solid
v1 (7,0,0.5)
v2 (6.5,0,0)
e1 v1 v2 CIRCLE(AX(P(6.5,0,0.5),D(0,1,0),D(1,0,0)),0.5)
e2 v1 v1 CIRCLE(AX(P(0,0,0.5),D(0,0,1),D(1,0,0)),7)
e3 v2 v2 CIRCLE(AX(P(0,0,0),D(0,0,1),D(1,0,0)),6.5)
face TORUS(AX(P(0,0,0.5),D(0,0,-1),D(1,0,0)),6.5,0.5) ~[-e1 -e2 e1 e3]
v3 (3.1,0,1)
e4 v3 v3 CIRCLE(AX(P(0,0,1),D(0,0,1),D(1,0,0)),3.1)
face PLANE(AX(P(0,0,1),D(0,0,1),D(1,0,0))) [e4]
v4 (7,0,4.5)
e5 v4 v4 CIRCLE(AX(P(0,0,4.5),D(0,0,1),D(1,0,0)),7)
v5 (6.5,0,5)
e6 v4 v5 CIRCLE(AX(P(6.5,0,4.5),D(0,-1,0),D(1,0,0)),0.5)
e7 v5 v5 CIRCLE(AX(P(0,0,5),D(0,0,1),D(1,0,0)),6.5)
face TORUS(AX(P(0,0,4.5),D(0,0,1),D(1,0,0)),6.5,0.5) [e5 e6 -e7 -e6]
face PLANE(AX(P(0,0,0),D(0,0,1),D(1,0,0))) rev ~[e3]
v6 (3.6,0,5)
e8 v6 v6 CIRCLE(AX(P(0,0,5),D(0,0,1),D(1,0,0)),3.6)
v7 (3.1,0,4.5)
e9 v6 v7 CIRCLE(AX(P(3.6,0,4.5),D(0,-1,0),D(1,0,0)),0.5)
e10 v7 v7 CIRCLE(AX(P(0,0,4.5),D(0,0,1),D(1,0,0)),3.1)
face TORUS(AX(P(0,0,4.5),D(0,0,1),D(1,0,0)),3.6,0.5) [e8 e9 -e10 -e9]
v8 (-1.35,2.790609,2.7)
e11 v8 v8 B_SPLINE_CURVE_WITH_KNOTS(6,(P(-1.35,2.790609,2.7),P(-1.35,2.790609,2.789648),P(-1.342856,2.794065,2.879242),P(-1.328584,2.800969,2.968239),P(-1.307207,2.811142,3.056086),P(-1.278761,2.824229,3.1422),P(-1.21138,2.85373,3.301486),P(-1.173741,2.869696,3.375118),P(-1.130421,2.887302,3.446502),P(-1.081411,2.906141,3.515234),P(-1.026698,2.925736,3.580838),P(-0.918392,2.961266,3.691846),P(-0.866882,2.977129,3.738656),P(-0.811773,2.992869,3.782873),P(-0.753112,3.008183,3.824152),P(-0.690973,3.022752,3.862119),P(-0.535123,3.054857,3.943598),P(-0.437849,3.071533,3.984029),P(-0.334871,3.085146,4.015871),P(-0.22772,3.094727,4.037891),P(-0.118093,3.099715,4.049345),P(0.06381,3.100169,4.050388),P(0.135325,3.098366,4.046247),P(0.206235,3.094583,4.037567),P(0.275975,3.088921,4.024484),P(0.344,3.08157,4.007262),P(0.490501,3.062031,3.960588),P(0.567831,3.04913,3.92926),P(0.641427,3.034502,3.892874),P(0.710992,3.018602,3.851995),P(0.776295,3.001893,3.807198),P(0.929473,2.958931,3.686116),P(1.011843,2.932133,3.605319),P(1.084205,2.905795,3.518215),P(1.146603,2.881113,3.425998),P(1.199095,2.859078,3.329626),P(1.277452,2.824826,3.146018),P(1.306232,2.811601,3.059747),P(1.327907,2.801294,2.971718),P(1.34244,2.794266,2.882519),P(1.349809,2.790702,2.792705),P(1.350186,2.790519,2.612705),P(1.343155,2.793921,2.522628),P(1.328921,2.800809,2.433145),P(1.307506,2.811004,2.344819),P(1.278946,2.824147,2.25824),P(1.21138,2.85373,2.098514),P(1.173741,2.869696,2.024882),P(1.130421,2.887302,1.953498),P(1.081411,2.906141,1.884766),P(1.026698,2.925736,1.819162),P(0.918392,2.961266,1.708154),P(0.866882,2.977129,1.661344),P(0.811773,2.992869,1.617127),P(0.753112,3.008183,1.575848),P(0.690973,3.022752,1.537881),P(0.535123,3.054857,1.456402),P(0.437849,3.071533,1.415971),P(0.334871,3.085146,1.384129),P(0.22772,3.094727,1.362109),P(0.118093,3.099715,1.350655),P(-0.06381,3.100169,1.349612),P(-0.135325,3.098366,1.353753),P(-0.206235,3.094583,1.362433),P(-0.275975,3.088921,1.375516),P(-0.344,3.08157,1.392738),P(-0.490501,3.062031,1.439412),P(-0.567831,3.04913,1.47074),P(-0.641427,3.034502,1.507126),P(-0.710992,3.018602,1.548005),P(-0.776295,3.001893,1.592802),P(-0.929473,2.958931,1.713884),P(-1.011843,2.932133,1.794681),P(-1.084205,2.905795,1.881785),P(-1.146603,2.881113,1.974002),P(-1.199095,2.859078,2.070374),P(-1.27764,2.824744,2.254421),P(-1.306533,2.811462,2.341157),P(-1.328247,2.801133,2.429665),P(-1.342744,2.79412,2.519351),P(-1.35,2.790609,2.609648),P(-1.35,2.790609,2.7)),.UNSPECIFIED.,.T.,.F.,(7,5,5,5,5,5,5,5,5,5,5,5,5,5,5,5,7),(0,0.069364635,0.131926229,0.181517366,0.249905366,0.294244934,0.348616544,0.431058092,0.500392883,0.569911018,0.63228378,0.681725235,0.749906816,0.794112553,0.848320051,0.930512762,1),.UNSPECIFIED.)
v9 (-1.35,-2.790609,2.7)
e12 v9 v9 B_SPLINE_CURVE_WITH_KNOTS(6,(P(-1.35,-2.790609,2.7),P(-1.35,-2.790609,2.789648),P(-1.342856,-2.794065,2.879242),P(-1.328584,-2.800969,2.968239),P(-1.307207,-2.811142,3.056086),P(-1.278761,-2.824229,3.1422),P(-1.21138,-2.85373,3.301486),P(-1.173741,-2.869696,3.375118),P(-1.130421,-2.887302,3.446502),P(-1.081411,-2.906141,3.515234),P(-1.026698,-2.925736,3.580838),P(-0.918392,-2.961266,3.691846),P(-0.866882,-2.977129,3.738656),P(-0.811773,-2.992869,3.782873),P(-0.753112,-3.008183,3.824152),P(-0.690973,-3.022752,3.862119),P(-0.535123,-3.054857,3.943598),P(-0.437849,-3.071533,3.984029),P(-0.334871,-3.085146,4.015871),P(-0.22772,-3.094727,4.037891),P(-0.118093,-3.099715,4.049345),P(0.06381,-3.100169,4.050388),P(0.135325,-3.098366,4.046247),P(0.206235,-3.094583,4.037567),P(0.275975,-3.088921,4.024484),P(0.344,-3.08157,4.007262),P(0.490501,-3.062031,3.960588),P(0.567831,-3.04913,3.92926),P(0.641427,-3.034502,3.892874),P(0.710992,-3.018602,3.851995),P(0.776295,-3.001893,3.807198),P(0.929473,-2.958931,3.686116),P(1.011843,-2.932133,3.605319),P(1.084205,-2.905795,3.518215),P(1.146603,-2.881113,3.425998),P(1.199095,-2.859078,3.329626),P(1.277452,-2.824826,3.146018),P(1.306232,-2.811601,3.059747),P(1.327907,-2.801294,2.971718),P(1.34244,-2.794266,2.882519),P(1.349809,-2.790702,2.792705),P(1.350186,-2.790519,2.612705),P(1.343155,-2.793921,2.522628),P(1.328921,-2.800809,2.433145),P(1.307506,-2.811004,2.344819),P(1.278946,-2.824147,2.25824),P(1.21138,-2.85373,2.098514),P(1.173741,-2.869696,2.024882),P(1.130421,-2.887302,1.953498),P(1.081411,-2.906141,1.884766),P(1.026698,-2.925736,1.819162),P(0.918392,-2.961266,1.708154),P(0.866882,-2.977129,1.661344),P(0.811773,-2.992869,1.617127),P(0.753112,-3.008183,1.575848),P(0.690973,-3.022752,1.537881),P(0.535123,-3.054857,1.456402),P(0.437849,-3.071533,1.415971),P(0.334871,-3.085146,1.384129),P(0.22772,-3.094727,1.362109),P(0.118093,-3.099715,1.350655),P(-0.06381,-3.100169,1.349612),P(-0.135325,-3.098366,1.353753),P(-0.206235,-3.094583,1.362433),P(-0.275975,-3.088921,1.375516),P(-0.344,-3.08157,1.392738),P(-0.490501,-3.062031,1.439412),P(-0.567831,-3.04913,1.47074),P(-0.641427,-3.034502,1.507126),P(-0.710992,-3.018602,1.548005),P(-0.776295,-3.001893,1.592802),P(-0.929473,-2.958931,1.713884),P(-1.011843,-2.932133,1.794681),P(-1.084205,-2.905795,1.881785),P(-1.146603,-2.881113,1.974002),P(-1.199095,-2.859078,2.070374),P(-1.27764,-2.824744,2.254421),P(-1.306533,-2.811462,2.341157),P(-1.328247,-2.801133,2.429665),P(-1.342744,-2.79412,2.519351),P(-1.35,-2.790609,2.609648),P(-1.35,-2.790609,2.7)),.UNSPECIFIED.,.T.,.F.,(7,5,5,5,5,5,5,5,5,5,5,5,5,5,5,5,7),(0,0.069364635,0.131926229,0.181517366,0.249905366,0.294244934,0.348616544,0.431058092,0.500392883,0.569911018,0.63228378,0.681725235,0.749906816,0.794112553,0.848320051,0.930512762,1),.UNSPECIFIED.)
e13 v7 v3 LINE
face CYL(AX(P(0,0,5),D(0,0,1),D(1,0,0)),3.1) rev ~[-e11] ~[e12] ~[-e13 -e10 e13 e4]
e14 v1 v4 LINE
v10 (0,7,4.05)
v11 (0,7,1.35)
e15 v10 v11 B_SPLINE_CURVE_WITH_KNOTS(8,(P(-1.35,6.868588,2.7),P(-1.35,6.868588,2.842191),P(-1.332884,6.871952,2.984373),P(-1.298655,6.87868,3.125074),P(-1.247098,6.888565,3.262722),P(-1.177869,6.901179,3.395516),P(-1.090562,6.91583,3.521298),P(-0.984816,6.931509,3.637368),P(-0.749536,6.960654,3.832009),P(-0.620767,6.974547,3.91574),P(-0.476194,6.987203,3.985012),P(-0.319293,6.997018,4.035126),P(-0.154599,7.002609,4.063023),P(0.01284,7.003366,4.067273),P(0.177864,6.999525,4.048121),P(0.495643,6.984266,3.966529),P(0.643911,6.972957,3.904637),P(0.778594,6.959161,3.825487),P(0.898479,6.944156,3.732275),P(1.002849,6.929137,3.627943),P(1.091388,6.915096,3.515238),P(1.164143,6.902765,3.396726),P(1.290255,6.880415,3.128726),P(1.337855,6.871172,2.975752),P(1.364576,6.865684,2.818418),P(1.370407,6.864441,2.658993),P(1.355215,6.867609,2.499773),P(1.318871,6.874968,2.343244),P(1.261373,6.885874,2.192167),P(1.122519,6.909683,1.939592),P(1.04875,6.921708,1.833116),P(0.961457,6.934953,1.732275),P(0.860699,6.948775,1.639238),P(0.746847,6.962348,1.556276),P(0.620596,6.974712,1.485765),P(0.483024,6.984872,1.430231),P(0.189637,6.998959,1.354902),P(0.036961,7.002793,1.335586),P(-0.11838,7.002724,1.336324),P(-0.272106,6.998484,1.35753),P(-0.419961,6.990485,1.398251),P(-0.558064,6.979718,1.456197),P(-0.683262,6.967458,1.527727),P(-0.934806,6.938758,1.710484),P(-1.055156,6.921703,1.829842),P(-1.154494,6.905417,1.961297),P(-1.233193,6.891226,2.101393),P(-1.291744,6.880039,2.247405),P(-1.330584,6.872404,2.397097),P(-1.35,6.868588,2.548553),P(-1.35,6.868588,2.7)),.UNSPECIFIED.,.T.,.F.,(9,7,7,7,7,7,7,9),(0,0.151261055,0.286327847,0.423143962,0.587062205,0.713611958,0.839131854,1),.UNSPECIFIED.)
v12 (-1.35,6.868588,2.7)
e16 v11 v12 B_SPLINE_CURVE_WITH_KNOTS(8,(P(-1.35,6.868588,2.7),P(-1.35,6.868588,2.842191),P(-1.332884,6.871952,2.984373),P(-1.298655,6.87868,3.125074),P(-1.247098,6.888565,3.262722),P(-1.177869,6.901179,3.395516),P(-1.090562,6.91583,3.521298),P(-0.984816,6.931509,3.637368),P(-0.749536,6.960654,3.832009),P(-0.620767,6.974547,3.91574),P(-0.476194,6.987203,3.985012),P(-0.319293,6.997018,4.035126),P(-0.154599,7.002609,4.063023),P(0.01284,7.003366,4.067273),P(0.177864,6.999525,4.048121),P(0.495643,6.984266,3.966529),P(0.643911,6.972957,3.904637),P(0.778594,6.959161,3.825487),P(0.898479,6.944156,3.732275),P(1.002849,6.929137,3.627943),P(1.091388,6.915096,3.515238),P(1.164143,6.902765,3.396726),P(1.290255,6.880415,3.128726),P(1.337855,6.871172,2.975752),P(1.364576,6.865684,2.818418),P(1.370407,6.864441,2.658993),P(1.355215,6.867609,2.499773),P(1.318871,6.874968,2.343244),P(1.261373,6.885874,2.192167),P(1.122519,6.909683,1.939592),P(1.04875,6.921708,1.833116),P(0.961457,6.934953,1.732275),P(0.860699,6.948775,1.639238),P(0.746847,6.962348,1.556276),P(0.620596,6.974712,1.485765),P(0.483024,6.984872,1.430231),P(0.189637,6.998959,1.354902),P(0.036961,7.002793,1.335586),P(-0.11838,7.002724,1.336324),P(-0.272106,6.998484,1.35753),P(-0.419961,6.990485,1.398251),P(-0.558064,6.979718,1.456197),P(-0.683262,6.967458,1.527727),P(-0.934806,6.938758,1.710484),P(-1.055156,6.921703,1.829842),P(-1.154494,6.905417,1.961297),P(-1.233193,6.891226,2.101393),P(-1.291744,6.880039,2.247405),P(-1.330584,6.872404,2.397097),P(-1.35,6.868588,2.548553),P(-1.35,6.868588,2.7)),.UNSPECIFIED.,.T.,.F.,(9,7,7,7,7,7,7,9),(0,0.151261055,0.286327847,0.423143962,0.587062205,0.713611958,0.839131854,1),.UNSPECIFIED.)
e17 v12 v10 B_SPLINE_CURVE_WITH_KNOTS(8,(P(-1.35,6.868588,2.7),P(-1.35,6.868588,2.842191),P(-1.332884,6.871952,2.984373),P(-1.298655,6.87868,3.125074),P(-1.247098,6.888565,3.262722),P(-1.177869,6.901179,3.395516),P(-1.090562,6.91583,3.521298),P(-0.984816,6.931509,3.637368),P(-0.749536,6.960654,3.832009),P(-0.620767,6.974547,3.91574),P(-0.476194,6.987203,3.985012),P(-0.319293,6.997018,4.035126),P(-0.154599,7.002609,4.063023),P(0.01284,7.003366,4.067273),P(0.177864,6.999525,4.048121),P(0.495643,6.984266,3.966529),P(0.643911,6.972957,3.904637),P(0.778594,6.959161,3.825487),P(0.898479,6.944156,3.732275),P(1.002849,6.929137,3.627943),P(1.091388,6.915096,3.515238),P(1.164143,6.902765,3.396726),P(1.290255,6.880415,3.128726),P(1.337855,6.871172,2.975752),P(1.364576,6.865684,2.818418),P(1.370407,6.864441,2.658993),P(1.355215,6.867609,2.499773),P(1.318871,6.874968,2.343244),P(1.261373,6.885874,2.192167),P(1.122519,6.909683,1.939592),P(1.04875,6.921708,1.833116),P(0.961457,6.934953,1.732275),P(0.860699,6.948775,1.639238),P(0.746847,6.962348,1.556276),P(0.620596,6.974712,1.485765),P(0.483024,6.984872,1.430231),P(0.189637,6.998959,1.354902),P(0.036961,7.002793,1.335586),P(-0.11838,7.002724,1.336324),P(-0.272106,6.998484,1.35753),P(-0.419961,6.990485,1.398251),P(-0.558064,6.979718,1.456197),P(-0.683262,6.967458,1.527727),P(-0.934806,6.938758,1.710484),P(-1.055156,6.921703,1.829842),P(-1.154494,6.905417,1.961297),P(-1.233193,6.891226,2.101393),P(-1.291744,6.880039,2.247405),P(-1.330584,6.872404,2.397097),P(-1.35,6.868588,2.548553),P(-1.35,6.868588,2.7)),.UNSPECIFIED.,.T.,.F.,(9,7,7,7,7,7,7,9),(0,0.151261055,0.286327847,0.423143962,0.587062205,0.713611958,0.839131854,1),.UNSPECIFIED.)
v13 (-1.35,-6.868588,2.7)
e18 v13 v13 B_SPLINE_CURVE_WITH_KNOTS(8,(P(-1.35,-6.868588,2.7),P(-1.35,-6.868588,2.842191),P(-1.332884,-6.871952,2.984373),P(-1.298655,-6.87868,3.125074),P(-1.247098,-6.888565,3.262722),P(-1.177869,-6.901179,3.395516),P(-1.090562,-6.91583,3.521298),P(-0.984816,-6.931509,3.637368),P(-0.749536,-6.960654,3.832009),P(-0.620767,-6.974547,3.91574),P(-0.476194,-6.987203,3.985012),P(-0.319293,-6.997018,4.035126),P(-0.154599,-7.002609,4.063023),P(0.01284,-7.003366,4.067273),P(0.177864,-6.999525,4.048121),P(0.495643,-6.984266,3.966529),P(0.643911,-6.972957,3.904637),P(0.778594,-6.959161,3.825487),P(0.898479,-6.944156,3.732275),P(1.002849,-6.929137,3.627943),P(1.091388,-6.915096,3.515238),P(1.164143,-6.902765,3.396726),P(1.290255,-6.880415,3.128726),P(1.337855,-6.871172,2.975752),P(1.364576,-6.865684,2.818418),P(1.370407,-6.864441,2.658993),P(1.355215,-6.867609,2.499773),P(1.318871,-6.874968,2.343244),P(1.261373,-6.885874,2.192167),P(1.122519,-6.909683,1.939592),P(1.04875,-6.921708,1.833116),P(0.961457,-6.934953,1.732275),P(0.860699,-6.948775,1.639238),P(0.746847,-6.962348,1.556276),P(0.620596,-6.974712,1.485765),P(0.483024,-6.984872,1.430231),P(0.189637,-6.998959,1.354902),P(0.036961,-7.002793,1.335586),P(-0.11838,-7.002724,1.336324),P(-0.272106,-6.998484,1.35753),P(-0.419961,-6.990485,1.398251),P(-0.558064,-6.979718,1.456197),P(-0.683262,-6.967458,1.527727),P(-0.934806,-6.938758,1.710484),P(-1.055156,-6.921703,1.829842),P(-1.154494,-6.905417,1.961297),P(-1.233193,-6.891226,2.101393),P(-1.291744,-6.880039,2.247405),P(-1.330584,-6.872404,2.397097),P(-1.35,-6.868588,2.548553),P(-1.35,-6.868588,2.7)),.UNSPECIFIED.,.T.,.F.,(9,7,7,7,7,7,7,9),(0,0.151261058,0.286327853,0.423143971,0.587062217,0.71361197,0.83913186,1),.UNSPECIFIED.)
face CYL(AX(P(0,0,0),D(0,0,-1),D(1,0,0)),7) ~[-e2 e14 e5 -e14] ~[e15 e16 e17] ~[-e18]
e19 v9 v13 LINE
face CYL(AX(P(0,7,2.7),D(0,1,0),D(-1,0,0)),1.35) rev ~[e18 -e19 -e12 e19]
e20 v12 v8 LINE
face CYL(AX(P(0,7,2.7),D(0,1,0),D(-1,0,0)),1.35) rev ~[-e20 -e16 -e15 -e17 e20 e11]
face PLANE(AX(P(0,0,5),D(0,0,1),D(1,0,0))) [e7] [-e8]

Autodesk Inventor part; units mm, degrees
ref_plane "YZ Plane" through (0, 0, 0) normal (1, 0, 0) x (0, 1, 0)
sketch "Эскиз1" plane through (0, 0, 0) normal (0, 0, 1) x (1, 0, 0)
  circle A0 centre (0, 0) radius 7
  dimension "d0" = 14
extrude "Выдавливание1" add sketch "Эскиз1" along normal blind 5
fillet "Сопряжение1" radius 0.5 2 edges at (-7, 0, 5) (-7, 0, 0)
ref_plane "РабПлоскость1" through (0, 0, 5) normal (0, 0, 1) x (1, 0, 0)
sketch "Эскиз2" plane through (0, 0, 5) normal (0, 0, 1) x (1, 0, 0)
  circle A0 centre (0, 0) radius 3.1
  dimension "d5" = 6.2
extrude "Выдавливание2" cut sketch "Эскиз2" against normal blind 4
fillet "Сопряжение2" radius 0.5 1 edges at (-3.1, 0, 5)
ref_plane "РабПлоскость2" through (0, 7, 0) normal (0, 1, 0) x (-1, 0, 0)
sketch "Эскиз3" plane through (0, 7, 0) normal (0, 1, 0) x (-1, 0, 0)
  circle A0 centre (0, 2.7) radius 1.35
  point P0 (0, 0)
  dimension "d10" = 2.7
  dimension "d11" = 2.7
extrude "Выдавливание3" cut sketch "Эскиз3" against normal through all
thread "Резьба1" size "M3x0.5" class "6H" standard "ANSI Metric M Profile" full length
thread "Резьба2" size "M3x0.5" class "6H" standard "ANSI Metric M Profile" full length
properties part number "опора"
